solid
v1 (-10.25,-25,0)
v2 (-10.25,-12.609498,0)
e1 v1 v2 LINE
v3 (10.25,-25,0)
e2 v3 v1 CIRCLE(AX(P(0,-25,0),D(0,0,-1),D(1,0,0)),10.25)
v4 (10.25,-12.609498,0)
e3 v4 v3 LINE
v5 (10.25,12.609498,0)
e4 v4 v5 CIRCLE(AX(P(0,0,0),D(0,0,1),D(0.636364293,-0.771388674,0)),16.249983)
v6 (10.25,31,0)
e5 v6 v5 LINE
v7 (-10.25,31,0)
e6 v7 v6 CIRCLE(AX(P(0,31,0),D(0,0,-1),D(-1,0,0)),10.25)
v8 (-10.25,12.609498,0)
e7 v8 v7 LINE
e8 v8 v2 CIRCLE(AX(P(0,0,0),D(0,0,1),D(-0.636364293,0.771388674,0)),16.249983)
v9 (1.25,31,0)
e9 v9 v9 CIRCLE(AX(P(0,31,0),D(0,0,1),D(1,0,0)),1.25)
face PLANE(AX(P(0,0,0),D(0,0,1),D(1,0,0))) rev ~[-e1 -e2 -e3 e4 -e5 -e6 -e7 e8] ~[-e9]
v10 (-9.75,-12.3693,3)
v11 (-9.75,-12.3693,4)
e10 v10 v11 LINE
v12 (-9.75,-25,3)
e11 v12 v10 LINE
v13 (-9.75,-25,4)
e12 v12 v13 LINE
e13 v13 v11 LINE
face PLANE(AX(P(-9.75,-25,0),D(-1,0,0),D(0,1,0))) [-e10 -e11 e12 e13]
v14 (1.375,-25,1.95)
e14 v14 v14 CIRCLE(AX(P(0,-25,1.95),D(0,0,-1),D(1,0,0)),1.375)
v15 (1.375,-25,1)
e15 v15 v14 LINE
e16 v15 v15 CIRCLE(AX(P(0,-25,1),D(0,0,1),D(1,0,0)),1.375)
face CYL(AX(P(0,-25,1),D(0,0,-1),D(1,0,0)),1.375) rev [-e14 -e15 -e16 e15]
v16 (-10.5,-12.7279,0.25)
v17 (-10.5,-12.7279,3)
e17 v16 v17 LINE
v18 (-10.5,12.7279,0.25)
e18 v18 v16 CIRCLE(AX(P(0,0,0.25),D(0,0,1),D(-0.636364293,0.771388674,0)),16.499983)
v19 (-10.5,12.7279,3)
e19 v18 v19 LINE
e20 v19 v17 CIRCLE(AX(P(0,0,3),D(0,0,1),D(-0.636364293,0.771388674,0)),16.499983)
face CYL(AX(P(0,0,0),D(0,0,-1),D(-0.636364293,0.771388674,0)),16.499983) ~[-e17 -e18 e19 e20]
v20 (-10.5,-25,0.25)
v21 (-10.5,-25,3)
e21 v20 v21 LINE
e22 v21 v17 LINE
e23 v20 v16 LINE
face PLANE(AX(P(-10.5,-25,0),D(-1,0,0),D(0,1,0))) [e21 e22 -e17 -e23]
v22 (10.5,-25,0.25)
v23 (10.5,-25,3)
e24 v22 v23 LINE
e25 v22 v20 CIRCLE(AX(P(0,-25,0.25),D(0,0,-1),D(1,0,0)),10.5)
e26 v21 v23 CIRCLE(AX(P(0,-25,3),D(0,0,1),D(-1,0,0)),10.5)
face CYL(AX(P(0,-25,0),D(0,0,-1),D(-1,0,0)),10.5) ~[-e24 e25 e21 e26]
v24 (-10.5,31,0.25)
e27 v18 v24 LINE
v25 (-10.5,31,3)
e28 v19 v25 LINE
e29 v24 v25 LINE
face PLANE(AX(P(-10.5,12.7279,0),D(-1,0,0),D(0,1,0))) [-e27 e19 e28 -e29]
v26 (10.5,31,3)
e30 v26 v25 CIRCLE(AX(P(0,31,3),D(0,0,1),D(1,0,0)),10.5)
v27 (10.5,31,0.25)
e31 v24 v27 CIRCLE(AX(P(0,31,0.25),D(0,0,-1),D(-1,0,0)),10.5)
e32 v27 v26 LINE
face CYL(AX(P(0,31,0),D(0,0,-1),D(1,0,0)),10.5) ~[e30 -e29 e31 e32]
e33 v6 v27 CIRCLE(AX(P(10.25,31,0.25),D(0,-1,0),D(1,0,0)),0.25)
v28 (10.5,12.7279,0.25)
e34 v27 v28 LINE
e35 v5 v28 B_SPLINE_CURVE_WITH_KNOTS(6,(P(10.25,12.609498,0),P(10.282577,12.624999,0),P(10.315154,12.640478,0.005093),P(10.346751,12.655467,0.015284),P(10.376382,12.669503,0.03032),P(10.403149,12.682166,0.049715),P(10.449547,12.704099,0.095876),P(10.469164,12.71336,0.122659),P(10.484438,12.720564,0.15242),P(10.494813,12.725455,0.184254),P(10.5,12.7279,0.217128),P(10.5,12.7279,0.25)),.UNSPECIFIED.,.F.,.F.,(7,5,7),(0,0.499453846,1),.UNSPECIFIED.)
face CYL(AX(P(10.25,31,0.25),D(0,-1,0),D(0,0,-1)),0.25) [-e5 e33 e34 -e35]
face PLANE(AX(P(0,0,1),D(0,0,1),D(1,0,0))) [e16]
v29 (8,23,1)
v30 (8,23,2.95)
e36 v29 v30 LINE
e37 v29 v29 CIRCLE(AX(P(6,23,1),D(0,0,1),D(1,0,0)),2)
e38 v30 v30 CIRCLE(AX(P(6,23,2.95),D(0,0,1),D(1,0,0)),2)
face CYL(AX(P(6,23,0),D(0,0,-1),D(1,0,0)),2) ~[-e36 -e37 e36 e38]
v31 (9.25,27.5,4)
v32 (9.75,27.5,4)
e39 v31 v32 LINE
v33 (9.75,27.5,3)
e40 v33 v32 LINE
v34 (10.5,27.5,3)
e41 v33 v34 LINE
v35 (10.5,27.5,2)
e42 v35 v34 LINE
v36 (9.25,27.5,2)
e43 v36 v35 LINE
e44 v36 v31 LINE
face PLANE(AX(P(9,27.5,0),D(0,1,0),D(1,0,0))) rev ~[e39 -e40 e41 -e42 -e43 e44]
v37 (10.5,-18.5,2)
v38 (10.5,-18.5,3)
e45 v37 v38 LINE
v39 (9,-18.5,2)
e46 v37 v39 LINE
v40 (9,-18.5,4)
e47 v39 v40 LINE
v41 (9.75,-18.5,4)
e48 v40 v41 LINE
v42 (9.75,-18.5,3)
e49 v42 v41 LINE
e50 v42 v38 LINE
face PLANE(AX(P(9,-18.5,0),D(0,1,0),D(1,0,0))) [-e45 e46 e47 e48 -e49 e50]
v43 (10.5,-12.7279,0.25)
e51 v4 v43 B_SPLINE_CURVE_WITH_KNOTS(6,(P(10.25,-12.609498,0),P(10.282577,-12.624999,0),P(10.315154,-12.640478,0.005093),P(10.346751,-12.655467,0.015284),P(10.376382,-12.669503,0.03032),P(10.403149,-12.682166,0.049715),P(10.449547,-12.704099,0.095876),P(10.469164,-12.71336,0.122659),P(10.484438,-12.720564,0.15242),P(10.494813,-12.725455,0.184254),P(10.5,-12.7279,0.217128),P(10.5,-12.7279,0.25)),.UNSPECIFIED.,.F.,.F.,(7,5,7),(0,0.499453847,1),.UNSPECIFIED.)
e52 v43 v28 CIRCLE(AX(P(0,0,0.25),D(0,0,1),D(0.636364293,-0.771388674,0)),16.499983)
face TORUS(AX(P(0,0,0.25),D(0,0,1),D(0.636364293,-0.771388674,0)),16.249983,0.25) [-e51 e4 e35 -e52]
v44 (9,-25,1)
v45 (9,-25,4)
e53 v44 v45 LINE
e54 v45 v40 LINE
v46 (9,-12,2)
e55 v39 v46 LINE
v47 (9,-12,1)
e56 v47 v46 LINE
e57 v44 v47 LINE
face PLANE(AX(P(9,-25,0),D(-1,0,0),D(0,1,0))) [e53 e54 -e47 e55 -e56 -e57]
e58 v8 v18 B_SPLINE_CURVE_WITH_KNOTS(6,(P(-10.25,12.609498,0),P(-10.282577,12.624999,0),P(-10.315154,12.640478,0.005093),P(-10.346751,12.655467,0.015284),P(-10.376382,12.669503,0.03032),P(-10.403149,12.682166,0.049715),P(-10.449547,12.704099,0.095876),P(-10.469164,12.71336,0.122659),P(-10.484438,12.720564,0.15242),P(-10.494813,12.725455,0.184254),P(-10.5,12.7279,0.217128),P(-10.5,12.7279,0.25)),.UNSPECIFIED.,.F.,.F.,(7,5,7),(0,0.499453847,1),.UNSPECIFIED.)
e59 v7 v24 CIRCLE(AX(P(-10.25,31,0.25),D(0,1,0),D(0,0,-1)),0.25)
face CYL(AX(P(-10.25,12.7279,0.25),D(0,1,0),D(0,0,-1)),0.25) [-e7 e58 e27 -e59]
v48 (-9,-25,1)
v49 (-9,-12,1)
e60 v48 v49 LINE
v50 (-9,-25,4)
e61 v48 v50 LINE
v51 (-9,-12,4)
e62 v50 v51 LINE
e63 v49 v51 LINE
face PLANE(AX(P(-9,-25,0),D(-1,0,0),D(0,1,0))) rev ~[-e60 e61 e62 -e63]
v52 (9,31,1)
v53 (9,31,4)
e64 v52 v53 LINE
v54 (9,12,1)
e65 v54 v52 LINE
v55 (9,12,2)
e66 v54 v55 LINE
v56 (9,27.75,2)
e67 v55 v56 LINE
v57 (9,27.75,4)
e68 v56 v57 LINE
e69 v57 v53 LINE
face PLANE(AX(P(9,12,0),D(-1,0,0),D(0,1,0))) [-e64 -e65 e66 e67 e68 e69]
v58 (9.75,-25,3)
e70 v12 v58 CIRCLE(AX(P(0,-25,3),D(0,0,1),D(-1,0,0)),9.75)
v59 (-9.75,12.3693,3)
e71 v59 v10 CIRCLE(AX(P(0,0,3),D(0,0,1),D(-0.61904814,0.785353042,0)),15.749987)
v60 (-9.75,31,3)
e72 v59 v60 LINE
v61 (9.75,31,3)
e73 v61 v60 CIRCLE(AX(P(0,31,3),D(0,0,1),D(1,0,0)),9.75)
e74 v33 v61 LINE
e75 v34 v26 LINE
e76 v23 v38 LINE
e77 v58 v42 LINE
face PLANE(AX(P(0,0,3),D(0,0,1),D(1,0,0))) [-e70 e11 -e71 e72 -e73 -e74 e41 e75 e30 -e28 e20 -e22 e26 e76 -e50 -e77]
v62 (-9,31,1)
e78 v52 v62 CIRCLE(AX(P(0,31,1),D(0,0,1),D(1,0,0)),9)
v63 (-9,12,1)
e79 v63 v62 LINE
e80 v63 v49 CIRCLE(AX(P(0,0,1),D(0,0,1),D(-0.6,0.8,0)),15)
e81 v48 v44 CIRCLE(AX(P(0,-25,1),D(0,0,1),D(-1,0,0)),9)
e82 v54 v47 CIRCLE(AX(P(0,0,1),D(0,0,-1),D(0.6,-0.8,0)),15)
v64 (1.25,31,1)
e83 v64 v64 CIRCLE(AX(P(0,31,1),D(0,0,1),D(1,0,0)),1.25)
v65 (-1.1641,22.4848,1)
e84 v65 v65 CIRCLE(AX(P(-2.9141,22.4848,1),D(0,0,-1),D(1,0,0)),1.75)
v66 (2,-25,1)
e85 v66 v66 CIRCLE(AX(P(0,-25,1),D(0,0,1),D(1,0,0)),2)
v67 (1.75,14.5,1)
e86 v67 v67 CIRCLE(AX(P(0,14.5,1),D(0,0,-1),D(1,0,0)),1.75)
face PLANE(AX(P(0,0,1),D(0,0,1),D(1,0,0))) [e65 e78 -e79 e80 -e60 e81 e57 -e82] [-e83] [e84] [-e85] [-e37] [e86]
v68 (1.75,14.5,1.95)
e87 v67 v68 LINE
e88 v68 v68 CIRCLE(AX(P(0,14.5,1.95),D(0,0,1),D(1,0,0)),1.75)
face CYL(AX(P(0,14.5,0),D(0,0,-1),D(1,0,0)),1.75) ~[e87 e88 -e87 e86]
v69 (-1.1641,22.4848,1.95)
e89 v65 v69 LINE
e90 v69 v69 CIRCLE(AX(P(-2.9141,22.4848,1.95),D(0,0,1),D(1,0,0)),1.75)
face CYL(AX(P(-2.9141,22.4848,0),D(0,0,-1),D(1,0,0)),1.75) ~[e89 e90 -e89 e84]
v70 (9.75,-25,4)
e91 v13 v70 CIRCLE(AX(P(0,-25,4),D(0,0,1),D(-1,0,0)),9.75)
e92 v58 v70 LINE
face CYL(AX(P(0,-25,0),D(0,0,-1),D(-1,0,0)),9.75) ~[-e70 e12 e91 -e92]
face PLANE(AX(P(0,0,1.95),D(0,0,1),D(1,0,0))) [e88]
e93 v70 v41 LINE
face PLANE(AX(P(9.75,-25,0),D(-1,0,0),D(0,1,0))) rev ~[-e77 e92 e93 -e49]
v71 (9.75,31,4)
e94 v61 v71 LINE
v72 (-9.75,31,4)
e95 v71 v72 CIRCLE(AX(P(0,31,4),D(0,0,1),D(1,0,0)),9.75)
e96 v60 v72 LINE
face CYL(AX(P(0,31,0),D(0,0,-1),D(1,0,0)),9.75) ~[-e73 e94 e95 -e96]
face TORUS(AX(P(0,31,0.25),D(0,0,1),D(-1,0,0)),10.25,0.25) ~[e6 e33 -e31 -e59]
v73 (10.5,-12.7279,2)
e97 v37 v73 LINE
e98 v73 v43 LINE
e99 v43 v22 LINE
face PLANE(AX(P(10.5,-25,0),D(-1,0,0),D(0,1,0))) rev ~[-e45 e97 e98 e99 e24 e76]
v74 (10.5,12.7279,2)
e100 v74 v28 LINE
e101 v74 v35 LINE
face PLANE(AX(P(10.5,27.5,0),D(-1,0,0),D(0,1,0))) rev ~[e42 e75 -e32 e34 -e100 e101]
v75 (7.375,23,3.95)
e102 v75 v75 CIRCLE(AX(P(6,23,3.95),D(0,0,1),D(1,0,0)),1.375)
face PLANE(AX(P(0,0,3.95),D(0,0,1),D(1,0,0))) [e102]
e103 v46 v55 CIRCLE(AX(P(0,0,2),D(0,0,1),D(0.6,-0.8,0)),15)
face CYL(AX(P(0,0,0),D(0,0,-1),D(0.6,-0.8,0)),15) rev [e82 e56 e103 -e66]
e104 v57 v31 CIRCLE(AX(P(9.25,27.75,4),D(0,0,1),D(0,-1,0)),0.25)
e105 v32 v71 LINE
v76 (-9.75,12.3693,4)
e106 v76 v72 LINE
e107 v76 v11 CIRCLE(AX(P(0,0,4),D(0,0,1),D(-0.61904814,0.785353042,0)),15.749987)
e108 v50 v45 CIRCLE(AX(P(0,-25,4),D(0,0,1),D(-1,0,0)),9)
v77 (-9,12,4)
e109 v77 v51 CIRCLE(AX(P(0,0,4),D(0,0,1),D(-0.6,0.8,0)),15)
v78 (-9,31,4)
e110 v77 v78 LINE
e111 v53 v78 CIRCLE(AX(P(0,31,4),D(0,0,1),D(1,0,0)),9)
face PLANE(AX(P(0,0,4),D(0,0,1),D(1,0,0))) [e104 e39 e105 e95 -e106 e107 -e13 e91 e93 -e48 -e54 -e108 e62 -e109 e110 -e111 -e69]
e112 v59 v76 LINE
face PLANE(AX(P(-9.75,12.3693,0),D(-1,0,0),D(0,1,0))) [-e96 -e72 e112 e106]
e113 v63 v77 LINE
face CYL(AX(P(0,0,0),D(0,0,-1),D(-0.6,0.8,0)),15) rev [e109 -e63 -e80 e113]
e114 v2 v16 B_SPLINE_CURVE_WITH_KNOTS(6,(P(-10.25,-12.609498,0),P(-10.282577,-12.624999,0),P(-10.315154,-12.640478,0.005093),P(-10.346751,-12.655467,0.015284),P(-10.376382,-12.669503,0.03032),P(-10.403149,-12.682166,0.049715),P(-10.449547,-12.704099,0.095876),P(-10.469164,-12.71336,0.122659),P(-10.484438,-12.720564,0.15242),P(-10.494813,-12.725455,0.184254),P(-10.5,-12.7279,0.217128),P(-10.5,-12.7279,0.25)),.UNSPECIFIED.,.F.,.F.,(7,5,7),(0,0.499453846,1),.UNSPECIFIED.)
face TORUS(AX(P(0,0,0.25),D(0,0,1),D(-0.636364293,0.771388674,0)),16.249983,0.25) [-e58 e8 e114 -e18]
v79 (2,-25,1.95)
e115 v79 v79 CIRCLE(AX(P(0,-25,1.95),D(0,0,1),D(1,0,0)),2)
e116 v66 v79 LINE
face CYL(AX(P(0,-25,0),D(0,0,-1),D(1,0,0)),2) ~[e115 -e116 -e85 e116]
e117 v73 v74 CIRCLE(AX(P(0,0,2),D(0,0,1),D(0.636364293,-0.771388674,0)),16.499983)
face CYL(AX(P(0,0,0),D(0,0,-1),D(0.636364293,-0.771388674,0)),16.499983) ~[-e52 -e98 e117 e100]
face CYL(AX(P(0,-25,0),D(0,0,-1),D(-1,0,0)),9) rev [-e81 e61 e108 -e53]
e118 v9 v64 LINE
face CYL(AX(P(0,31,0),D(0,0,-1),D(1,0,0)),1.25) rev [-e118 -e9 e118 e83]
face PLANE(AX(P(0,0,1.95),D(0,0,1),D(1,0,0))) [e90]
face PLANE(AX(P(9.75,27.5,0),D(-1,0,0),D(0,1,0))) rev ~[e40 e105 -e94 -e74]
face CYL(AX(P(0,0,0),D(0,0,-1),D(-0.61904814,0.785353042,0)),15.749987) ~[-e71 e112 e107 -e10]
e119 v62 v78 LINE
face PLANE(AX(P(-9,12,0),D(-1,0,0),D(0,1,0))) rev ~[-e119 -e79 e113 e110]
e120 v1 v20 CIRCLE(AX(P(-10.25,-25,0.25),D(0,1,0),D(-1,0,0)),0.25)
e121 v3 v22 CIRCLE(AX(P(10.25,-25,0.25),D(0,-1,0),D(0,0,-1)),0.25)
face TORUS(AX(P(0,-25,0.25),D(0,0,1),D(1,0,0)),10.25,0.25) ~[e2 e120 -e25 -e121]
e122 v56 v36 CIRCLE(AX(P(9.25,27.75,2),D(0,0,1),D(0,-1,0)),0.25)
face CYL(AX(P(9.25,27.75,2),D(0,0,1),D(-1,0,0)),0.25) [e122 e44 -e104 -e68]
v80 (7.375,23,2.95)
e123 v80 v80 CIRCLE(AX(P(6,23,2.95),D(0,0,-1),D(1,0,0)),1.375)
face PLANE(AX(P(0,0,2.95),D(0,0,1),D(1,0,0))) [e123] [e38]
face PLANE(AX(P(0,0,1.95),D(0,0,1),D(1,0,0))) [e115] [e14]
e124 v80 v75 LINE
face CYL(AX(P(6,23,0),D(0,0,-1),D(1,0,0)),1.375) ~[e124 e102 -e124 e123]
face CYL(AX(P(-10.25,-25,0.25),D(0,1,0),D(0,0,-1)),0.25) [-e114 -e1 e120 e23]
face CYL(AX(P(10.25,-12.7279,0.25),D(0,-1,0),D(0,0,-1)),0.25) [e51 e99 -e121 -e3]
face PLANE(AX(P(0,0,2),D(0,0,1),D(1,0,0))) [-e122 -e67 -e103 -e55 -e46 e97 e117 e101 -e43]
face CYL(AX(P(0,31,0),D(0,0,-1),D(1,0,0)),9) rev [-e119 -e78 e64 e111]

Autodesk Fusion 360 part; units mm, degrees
sketch "Sketch1" plane through (0, 0, 0) normal (0, 0, 1) x (1, 0, 0)
  circle A0 centre (-2.9141, 22.4848) radius 1.25
  line L0 (-9, 12) -> (-9, 31)
  arc A1 (9, -12) -> (9, 12) centre (0, 0) ccw
  arc A2 (-10.5, -25) -> (10.5, -25) centre (0, -25) ccw
  line L1 (0, 0) -> (0, 12) construction
  circle A3 centre (0, 0) radius 3
  arc A4 (9, 31) -> (-9, 31) centre (0, 31) ccw
  arc A5 (10.5, -12.7279) -> (10.5, 12.7279) centre (0, 0) ccw
  circle A6 centre (0, 31) radius 1.25
  line L2 (-10.5, -25) -> (-10.5, -12.7279)
  arc A7 (-9, 12) -> (-9, -12) centre (0, 0) ccw
  line L3 (9, -25) -> (9, -12)
  circle A8 centre (0, 0) radius 12 construction
  circle A9 centre (-2.9141, 22.4848) radius 2.5 construction
  line L4 (10.5, -25) -> (10.5, -12.7279)
  circle A10 centre (0, 14.5) radius 2.5 construction
  arc A11 (-9, -25) -> (9, -25) centre (0, -25) ccw
  line L5 (-9, -25) -> (-9, -12)
  line L6 (0, -25) -> (0, 0) construction
  arc A12 (10.5, 31) -> (-10.5, 31) centre (0, 31) ccw
  circle A13 centre (0, 14.5) radius 6 construction
  line L7 (10.5, 12.7279) -> (10.5, 31)
  line L8 (-10.5, 12.7279) -> (-10.5, 31)
  circle A14 centre (0, 14.5) radius 1.25
  line L9 (0, 14.5) -> (0, 12) construction
  arc A15 (-10.5, 12.7279) -> (-10.5, -12.7279) centre (0, 0) ccw
  line L10 (-9, 21.5) -> (-10.5, 21.5) construction
  line L11 (-6, 23) -> (-9, 23) construction
  circle A16 centre (0, 31) radius 4.5 construction
  line L12 (9, 12) -> (9, 31)
  circle A17 centre (-2.9141, 22.4848) radius 4.5 construction
  line L13 (9, 21.5) -> (10.5, 21.5) construction
  line L14 (9, 27.5) -> (10.5, 27.5)
  line L15 (9, 23) -> (10.5, 23) construction
  line L16 (9, 23) -> (6, 23) construction
  circle A18 centre (6, 23) radius 2
  arc A19 (9.75, 31) -> (-9.75, 31) centre (0, 31) ccw
  line L17 (-9.75, 12.3693) -> (-9.75, 31)
  arc A20 (-9.75, 12.3693) -> (-9.75, -12.3693) centre (0, 0) ccw
  line L18 (-9.75, -25) -> (-9.75, -12.3693)
  arc A21 (-9.75, -25) -> (9.75, -25) centre (0, -25) ccw
  line L19 (9.75, -25) -> (9.75, -18.5)
  line L20 (9.75, 27.5) -> (9.75, 31)
  line L21 (9, -18.5) -> (10.5, -18.5)
  circle A22 centre (6, 23) radius 1.375
  circle A23 centre (0, 0) radius 2
  circle A24 centre (0, -25) radius 2
  circle A25 centre (0, -25) radius 1.375
  circle A26 centre (0, 14.5) radius 1.75
  circle A27 centre (-2.9141, 22.4848) radius 1.75
  dimension "d1" = 1.5
  dimension "d3" = 56
  dimension "d4" = 30
  dimension "d5" = 18
  dimension "d6" = 18
  dimension "d7" = 6
  dimension "d8" = 24
  dimension "d9" = 25
  dimension "d10" = 12
  dimension "d11" = 5
  dimension "d12" = 9
  dimension "d13" = 5
  dimension "d14" = 9
  dimension "d15" = 15
  dimension "d16" = 2.5
  dimension "d17" = 2.5
  dimension "d18" = 2.5
  dimension "d19" = 3
  dimension "d20" = 8
  dimension "d28" = 6
  dimension "d29" = 8
  dimension "d30" = 3
  dimension "d31" = 4
  dimension "d33" = 3.5
  dimension "d34" = 15.75
  dimension "d35" = 2.75
  dimension "d36" = 4
  dimension "d37" = 2.75
  dimension "d38" = 4
  dimension "d47" = 3.5
  dimension "d48" = 3.5
extrude "Extrude1" add sketch "Sketch1" along normal blind 1 contours L0 A1 A4 A7 L3 A11 L5 L12 | A1 A5 L3 L4 L7 L12 L14 L21 | A26 | A27
extrude "Extrude4" add sketch "Sketch1" along normal blind 2 contours A1 A5 L3 L4 L7 L12 L14 L21
extrude "Extrude5" add sketch "Sketch1" along normal blind 1.95 contours A0 | A14 | A26 | A27
extrude "Extrude6" add sketch "Sketch1" along normal blind 2.95 contours A18 | A22
extrude "Extrude7" add sketch "Sketch1" along normal blind 3.95 contours A22
extrude "Extrude8" add sketch "Sketch1" along normal blind 1 contours A3 | A23
extrude "Extrude9" add sketch "Sketch1" along normal blind 1.95 contours A24 | A25
extrude "Extrude10" cut sketch "Sketch1" along normal blind 1.5 from surface at 1 contours A25
extrude "Extrude2" add sketch "Sketch1" along normal blind 3 contours A2 L2 L4 A12 L7 L8 A15 L14 A19 L17 A20 L18 A21 L19 L20 L21
extrude "Extrude3" add sketch "Sketch1" along normal blind 4 contours L0 A4 A7 L3 A11 L5 L12 L14 A19 L17 A20 L18 A21 L19 L20 L21
fillet "Fillet1" radius 0.25 9 edges at (9, 27.5, 3) (-10.5, -18.864, 0) (0, -35.5, 0) (10.5, -18.864, 0) (16.5, 0, 0) (10.5, 21.864, 0) (0, 41.5, 0) (-10.5, 21.8639, 0) (-16.5, 0, 0)
equation "d6 = d5"
